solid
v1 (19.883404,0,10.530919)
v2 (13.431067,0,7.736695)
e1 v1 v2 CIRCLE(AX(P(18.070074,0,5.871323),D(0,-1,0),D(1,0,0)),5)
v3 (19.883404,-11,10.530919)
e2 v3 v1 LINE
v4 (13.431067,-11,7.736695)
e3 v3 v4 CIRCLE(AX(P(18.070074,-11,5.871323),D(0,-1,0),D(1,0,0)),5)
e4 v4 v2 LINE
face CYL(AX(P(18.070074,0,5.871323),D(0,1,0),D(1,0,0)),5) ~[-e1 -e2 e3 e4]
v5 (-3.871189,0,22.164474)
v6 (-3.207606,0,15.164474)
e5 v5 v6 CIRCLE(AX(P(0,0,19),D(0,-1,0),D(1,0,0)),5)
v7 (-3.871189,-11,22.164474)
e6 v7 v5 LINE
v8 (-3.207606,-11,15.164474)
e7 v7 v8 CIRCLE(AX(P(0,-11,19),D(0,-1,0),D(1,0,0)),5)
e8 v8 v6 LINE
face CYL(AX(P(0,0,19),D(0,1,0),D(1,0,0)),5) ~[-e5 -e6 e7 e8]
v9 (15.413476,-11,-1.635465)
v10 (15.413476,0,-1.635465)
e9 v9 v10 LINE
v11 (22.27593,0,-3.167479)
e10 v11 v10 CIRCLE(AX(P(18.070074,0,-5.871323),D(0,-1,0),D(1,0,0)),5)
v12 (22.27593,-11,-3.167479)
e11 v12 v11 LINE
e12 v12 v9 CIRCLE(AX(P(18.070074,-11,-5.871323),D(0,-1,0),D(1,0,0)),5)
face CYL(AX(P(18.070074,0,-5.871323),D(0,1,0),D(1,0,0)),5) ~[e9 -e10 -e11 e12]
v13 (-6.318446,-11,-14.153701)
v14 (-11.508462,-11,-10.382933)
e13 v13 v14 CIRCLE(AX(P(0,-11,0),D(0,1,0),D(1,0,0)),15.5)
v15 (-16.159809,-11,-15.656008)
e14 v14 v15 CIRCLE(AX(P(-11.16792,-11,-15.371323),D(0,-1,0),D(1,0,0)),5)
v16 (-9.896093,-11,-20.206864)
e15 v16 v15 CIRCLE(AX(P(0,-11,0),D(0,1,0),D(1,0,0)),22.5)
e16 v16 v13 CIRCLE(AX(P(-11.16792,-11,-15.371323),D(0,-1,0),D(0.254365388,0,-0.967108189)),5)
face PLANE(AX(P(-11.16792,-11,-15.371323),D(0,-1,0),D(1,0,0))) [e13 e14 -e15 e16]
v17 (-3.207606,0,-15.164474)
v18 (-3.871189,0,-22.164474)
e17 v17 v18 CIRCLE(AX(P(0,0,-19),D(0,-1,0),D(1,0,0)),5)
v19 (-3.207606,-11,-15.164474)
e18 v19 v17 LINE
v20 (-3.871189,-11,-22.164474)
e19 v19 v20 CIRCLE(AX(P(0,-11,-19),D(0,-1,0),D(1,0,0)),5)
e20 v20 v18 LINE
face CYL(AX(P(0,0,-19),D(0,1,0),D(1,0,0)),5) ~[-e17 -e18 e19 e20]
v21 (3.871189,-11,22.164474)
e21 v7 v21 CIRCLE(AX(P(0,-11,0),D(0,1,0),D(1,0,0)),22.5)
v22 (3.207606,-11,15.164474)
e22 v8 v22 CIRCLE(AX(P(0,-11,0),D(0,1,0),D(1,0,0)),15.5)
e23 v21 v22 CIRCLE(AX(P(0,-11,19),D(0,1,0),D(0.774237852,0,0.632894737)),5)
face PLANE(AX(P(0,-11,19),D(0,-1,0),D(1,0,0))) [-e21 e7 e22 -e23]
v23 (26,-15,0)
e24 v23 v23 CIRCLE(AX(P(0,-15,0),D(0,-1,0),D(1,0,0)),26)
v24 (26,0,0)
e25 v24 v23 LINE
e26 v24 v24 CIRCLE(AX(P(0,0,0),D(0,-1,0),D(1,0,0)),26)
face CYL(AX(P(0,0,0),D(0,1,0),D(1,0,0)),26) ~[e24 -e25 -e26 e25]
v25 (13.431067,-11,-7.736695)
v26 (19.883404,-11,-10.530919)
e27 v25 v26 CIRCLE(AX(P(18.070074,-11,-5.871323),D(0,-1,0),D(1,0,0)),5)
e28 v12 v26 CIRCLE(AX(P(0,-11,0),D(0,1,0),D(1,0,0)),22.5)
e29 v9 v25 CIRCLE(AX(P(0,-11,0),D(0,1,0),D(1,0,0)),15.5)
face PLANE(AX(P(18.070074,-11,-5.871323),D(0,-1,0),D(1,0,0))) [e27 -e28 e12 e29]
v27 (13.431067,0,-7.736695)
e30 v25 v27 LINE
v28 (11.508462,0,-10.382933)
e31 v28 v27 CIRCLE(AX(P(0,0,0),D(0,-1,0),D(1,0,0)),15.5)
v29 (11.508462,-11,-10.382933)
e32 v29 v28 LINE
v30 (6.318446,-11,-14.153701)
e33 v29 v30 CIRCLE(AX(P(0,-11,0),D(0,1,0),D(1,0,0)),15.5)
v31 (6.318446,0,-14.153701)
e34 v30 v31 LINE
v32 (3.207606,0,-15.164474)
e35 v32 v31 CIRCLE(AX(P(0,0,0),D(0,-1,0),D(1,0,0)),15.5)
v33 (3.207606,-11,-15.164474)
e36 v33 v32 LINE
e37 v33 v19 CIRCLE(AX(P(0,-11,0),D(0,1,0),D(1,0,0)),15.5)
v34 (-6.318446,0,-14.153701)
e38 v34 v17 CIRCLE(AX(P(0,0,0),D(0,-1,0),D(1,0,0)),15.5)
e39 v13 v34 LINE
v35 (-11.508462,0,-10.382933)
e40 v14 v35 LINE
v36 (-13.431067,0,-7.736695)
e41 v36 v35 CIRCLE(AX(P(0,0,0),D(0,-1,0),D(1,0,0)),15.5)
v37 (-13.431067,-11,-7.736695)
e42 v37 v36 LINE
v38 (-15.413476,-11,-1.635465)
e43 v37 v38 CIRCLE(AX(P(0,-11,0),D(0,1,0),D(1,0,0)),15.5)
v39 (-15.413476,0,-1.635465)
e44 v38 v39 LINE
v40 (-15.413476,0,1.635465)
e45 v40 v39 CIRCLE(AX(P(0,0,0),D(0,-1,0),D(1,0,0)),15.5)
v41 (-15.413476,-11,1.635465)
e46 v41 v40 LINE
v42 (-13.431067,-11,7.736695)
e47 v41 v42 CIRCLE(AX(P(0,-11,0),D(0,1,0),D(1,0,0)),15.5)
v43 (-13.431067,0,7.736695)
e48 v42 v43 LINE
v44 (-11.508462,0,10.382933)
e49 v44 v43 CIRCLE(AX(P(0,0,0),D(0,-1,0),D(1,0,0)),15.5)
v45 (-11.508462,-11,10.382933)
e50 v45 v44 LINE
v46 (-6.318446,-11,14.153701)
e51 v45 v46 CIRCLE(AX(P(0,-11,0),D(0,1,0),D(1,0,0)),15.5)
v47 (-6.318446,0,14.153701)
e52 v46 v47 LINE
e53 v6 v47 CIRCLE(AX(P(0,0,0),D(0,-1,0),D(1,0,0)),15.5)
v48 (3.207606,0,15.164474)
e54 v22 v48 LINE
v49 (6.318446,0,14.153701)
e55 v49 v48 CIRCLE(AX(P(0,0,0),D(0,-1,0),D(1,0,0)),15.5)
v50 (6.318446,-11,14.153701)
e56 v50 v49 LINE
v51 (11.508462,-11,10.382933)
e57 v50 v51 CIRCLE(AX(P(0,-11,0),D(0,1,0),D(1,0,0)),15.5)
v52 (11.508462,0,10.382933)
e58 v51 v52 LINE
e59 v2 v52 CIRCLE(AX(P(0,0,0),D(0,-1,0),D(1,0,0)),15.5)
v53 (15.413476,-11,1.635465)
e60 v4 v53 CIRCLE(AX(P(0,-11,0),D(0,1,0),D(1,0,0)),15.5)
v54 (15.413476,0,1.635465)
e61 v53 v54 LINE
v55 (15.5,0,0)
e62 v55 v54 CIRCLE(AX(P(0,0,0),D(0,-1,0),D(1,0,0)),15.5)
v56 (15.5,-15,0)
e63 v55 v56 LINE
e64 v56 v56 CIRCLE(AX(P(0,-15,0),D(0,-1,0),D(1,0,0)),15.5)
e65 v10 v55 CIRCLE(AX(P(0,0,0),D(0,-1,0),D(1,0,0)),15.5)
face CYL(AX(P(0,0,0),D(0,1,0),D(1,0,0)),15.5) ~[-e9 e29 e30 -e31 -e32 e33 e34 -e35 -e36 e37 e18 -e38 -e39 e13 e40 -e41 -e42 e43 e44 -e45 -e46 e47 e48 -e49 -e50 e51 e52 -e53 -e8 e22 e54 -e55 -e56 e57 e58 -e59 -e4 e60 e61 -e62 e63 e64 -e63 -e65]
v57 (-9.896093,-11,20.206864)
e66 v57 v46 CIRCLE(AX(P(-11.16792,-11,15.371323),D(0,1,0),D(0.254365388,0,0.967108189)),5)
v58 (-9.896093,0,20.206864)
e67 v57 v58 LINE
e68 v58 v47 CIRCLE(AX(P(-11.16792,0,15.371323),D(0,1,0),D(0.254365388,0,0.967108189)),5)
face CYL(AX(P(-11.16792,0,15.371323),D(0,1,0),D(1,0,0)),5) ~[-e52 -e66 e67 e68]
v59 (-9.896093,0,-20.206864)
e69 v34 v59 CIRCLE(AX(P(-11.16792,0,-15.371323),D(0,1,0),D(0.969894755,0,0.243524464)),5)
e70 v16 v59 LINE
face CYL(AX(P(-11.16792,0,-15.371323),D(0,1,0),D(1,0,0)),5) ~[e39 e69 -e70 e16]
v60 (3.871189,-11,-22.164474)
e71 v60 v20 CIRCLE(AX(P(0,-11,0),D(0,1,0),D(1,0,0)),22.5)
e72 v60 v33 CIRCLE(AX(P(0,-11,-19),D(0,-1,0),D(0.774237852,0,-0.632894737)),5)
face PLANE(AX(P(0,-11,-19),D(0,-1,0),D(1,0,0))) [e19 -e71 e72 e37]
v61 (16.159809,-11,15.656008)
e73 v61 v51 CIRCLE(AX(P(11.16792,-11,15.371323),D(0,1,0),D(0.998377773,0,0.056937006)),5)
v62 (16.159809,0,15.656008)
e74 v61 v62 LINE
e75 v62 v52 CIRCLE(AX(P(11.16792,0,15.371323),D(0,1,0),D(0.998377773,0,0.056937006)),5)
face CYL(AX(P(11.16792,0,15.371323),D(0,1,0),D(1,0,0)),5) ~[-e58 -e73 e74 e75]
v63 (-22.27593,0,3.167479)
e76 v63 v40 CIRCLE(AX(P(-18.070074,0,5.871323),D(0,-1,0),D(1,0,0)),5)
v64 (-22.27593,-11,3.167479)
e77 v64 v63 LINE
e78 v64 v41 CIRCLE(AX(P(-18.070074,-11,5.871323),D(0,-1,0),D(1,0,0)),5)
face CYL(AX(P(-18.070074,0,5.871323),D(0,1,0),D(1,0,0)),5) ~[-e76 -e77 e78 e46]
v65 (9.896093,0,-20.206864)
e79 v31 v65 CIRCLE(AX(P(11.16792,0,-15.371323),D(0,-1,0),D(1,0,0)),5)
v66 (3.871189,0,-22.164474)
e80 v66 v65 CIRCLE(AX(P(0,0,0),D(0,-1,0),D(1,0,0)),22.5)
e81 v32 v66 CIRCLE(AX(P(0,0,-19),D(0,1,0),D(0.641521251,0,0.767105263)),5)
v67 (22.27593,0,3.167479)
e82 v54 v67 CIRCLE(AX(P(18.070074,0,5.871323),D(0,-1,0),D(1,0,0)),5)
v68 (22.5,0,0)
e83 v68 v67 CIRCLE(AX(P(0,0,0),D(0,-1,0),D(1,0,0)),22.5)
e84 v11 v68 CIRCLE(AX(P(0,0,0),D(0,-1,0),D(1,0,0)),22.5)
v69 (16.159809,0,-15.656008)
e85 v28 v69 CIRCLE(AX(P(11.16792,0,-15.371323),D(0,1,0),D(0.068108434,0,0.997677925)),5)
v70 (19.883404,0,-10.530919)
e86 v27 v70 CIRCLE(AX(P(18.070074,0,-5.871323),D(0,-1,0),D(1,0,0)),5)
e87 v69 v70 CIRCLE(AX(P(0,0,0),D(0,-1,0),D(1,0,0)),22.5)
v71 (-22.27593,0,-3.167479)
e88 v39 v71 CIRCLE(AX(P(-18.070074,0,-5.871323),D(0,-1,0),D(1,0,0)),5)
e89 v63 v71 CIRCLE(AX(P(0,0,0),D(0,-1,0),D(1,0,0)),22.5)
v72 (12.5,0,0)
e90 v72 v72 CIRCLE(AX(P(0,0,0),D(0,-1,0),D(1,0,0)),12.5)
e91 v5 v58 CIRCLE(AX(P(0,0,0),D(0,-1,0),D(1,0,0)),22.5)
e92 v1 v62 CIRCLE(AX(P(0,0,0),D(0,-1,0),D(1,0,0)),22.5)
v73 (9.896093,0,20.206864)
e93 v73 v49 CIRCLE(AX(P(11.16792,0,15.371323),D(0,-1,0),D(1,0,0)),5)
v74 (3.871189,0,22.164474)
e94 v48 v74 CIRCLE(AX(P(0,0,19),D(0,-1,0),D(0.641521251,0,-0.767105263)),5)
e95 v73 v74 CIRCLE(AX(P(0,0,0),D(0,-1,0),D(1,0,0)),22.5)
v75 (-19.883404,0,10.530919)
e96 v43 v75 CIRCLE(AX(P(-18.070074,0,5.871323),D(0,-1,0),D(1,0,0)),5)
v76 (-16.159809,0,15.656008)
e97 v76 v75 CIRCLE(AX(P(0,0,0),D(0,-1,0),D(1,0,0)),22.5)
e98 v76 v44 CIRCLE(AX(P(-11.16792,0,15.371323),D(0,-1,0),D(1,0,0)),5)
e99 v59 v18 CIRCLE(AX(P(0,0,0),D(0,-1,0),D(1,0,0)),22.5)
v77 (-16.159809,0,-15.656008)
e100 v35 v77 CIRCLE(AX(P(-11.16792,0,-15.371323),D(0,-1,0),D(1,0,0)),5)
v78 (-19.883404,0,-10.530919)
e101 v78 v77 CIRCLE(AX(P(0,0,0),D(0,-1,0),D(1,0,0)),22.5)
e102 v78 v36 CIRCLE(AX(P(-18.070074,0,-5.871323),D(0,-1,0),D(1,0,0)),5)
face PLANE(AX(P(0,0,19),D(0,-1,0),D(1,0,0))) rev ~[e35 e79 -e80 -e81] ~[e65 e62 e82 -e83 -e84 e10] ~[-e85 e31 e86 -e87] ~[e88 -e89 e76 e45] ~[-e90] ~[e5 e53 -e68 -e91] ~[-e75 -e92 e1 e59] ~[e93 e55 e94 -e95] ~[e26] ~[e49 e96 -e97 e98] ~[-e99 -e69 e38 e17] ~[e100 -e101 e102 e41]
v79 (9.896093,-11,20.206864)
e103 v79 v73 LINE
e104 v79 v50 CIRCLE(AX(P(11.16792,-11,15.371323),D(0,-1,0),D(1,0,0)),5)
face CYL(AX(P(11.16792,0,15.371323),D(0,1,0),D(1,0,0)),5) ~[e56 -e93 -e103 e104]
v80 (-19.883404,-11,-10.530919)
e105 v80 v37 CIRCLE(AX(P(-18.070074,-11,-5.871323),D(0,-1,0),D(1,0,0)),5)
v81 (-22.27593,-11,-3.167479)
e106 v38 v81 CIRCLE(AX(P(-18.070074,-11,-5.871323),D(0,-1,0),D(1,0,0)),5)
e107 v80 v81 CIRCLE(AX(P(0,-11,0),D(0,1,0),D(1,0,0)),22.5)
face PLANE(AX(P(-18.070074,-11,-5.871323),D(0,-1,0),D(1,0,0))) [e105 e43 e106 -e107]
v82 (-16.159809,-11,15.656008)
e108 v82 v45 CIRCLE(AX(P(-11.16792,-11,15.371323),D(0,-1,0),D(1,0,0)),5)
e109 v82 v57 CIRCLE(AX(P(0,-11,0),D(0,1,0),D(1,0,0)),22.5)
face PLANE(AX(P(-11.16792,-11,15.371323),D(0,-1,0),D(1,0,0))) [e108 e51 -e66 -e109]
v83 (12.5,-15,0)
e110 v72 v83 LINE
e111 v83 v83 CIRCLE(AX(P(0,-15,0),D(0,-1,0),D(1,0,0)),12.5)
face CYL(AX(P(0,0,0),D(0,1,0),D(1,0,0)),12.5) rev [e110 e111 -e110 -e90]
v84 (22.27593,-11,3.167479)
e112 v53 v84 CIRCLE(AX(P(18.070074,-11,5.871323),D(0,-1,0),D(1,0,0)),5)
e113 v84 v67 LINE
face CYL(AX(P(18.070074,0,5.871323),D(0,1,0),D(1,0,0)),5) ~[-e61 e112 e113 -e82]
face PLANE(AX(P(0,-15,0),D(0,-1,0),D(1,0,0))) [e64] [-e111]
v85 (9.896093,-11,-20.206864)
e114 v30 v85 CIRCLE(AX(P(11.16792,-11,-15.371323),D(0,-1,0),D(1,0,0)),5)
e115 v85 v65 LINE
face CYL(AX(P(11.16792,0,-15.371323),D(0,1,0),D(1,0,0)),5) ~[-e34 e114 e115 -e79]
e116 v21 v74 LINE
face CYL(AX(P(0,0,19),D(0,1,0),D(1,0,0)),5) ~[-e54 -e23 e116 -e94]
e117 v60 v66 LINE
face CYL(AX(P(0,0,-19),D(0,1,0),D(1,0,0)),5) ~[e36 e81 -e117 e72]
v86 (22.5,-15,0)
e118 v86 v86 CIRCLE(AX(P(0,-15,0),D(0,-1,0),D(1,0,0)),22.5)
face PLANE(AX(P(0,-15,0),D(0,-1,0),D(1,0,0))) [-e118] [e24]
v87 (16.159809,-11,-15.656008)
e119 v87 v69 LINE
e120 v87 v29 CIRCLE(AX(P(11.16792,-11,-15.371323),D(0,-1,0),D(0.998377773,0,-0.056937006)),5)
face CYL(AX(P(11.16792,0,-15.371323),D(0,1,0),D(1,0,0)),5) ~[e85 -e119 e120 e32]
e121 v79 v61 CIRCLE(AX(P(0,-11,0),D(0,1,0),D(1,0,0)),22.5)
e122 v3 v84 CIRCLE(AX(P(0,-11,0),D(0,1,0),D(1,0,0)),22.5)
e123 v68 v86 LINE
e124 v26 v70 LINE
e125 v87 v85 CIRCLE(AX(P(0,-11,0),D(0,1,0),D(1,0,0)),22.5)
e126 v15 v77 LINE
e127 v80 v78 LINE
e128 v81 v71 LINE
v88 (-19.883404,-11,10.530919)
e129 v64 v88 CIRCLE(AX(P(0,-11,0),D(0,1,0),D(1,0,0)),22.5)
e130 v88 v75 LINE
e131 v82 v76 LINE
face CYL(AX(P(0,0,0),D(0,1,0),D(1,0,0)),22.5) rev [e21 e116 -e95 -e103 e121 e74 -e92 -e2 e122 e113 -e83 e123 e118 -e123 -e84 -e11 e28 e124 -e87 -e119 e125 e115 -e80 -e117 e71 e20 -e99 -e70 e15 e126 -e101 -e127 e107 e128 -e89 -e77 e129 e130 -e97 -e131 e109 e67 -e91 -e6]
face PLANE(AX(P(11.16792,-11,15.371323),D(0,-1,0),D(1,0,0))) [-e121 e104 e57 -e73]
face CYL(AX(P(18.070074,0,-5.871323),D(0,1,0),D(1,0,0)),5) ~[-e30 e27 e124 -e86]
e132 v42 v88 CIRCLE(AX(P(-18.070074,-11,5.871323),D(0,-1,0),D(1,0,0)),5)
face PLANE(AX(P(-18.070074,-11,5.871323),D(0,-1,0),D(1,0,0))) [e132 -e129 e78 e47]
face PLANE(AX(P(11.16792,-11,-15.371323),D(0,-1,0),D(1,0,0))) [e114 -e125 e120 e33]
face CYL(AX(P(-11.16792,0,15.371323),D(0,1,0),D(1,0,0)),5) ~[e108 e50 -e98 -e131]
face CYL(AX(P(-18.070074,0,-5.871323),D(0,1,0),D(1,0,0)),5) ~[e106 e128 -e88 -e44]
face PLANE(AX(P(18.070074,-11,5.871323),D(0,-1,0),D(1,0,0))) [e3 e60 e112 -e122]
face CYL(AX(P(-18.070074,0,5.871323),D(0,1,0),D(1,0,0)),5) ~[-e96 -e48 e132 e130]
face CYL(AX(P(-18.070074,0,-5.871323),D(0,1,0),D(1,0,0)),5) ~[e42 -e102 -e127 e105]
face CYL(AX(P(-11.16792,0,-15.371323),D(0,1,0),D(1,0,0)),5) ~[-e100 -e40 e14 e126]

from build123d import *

# Parameters (mm, degrees)
F0_R     = 15.5
F0_R_2   = 12.5
F1_DEPTH = 15
F0_R_3   = 26
F0_R_4   = 22.5
F3_R     = 5
F4_DEPTH = 11


with BuildPart() as f1:
    # F0 (on Front) → F1 (new body)
    with BuildSketch(Plane.XZ):
        Circle(F0_R)
        Circle(F0_R_2, mode=Mode.SUBTRACT)
    extrude(amount=F1_DEPTH)



with BuildPart() as f1b:
    # F0 (on Front) → F1, piece 2 (new body)
    with BuildSketch(Plane.XZ):
        Circle(F0_R_3)
        Circle(F0_R_4, mode=Mode.SUBTRACT)
    extrude(amount=F1_DEPTH)


with BuildPart() as f1_1:
    add(f1.part)

    add(f1b.part)  # F4 merges F1b
    # F3 (on offset) → F4 (join)
    with BuildSketch(Plane.XZ):
        with Locations((0, 19)):
            Circle(F3_R)
        with Locations((11.1679197936, 15.3713228931)):
            Circle(F3_R)
        with Locations((18.0700738096, 5.8713228931)):
            Circle(F3_R)
        with Locations((18.0700738096, -5.8713228931)):
            Circle(F3_R)
        with Locations((11.1679197936, -15.3713228931)):
            Circle(F3_R)
        with Locations((0, -19)):
            Circle(F3_R)
        with Locations((-11.1679197936, -15.3713228931)):
            Circle(F3_R)
        with Locations((-18.0700738096, -5.8713228931)):
            Circle(F3_R)
        with Locations((-18.0700738096, 5.8713228931)):
            Circle(F3_R)
        with Locations((-11.1679197936, 15.3713228931)):
            Circle(F3_R)
    extrude(amount=F4_DEPTH)


solid = f1_1.part
